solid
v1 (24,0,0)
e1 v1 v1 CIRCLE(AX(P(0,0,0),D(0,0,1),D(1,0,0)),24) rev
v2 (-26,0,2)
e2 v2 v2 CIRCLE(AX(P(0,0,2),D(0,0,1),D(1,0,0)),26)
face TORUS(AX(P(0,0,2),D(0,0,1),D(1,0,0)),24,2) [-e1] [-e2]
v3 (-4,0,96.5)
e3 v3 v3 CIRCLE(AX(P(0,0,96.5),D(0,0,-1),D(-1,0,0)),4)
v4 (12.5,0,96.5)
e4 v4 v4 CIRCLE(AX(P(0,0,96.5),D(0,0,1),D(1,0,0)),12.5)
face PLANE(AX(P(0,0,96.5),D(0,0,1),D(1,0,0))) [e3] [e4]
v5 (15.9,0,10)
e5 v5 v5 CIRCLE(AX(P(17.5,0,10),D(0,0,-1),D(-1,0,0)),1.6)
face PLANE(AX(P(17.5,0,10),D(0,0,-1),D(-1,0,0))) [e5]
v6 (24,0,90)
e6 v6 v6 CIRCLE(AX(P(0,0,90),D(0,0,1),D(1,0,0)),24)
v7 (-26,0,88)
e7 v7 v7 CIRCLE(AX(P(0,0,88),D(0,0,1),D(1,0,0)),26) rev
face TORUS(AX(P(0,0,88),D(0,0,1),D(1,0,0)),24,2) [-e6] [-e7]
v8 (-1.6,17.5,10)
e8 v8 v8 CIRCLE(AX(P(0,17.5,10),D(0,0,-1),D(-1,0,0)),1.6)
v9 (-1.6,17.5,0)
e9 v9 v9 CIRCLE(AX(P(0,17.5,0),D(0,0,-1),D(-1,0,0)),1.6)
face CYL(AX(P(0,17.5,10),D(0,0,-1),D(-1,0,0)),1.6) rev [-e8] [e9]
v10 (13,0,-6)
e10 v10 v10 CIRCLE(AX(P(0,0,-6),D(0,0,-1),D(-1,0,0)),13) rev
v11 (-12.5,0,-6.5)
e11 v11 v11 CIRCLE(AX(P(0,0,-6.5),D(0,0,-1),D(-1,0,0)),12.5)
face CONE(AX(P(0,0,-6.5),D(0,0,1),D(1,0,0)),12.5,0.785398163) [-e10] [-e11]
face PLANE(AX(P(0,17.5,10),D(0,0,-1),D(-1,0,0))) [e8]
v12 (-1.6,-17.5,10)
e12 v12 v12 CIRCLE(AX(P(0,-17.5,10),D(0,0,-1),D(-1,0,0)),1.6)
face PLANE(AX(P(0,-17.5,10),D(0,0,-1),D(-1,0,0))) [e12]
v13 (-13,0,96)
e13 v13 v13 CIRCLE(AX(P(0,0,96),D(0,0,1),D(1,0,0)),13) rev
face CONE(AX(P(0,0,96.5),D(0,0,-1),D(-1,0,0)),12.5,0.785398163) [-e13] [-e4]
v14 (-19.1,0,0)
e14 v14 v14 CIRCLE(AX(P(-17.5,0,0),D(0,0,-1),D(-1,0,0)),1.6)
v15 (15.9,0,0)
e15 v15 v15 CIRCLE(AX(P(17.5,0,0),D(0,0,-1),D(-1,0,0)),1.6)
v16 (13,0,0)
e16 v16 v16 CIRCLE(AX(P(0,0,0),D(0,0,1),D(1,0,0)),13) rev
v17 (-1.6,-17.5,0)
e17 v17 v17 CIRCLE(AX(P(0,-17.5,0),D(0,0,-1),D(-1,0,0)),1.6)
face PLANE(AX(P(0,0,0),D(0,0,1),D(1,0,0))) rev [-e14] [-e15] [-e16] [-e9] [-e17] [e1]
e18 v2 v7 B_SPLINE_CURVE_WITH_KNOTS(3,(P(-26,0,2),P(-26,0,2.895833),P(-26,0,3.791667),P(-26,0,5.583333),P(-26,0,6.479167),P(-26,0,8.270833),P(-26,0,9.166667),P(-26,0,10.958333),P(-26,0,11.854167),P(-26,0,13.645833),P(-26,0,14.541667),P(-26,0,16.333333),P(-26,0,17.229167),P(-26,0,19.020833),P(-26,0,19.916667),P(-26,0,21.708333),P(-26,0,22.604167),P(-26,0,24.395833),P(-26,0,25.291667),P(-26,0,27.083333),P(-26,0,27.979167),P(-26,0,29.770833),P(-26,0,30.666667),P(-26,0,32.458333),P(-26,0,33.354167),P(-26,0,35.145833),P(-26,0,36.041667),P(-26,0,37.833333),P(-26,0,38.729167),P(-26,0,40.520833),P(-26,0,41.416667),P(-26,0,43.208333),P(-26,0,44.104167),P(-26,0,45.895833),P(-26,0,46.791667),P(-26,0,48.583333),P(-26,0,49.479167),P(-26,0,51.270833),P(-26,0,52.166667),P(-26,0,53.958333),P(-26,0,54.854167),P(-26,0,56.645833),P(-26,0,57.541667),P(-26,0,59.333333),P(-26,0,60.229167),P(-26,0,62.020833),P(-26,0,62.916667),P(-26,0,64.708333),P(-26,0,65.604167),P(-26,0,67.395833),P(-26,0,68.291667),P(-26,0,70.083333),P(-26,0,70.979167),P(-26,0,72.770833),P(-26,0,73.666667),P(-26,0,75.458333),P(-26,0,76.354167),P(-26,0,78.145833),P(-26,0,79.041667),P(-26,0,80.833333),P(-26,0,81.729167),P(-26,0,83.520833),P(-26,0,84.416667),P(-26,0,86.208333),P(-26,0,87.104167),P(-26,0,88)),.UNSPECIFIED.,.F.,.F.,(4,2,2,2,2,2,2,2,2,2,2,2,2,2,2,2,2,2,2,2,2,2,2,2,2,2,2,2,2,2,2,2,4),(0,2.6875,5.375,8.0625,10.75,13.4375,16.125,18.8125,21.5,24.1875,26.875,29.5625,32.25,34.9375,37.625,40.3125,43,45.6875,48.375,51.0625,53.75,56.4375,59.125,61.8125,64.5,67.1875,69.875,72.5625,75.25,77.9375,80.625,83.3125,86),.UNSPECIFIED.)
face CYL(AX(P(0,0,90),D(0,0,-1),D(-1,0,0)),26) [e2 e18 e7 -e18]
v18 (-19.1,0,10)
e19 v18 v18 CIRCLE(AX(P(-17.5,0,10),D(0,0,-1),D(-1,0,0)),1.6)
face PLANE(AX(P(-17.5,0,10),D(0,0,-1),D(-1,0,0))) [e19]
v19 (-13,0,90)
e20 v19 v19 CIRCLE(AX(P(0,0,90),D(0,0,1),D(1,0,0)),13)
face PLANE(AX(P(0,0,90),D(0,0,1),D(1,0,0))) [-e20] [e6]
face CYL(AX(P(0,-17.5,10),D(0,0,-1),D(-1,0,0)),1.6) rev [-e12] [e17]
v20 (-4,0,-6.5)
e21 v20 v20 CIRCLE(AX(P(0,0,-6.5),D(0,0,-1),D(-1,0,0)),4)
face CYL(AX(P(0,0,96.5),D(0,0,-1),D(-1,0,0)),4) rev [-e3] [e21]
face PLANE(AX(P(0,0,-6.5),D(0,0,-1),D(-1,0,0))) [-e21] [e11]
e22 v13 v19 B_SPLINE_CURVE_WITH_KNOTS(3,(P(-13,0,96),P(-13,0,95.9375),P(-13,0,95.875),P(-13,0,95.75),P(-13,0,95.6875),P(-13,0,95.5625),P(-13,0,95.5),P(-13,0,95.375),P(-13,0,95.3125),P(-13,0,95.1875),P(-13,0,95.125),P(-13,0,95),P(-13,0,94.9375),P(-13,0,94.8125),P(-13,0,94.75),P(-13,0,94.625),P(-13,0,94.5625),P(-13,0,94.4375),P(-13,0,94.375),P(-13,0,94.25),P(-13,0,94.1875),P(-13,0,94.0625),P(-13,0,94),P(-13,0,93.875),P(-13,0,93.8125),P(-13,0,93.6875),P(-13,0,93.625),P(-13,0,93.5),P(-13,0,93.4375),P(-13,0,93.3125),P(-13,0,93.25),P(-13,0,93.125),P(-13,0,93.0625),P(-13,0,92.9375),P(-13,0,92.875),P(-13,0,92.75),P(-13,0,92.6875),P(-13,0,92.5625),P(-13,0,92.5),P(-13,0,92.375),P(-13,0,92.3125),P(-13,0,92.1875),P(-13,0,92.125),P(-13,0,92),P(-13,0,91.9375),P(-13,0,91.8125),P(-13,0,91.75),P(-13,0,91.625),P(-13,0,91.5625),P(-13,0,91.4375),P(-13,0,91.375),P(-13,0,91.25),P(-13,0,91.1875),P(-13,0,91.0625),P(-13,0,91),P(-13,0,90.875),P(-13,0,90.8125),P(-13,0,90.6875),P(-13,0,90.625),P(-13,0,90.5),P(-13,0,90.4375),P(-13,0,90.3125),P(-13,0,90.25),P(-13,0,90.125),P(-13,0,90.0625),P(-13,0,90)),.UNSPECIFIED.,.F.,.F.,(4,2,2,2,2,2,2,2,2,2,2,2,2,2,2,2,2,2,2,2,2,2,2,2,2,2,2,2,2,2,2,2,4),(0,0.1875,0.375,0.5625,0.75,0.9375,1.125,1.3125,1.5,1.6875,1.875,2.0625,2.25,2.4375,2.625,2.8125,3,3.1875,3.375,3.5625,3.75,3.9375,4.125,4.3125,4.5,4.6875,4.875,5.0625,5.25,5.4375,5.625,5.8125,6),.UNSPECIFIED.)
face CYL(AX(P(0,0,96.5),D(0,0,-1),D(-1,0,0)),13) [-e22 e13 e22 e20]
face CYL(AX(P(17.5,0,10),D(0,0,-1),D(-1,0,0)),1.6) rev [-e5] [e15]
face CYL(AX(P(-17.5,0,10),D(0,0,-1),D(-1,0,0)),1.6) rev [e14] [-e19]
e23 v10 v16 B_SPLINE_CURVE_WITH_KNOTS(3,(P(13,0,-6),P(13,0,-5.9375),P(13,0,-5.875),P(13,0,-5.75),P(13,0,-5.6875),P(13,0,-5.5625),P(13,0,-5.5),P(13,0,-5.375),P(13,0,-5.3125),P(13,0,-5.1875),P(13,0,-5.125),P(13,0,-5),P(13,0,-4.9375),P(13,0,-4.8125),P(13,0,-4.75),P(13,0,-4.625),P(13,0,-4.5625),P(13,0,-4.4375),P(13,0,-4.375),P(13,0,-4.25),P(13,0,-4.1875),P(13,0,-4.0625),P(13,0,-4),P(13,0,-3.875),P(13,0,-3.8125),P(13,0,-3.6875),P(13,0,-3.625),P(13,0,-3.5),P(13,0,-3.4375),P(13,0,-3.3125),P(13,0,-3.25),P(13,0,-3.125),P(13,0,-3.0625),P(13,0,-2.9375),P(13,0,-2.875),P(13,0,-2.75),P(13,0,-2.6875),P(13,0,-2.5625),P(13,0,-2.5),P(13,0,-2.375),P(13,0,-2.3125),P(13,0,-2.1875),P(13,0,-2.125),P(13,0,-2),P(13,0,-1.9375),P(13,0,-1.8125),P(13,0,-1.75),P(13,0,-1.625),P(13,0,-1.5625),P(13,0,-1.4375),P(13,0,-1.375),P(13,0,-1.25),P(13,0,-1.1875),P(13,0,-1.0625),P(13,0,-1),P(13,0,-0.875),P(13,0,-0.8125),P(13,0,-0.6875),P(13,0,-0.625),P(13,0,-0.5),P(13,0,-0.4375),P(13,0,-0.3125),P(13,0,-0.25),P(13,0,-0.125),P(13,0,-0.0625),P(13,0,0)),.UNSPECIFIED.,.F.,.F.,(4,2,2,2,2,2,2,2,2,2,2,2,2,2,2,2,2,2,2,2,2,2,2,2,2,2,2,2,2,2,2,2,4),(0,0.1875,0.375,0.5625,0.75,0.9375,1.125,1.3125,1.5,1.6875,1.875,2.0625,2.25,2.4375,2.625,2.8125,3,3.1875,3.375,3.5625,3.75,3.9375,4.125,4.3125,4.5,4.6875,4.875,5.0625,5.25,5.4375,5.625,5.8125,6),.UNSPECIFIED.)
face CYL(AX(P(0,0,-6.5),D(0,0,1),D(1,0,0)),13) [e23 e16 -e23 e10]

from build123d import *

# Parameters (mm, degrees)
SKICA1_R                 = 26
P_IDAT_VYSUNUT_M1_DEPTH  = 90
ZAOBLIT1_R               = 2
SKICA2_R                 = 13
P_IDAT_VYSUNUT_M2_DEPTH  = 6.5
SKICA4_R                 = 1.6
ODEBRAT_VYSUNUT_M1_DEPTH = 10
P_IDAT_START             = 6.5
SKICA5_R                 = 13
P_IDAT_VYSUNUT_M4_DEPTH  = 6.5
ZKOSEN_1_SIZE            = 0.5
SKICA8_R                 = 4
ODEBRAT_VYSUNUT_M3_DEPTH = 110.366356825


with BuildPart() as part:
    # Skica1 → Přidat vysunutím1 (new body)
    with BuildSketch(Plane.XY):
        with Locations(Location((0, 0, 0), (0, 0, 180))):
            Circle(SKICA1_R)
    extrude(amount=P_IDAT_VYSUNUT_M1_DEPTH)

    # Zaoblit1
    zaoblit1_edges = [part.edges().sort_by_distance(p)[0] for p in [
        (26, 0, 0),
        (26, 0, 90),
    ]]
    fillet(zaoblit1_edges, radius=ZAOBLIT1_R)

    # Skica2 → Přidat vysunutím2 (add)
    with BuildSketch(Plane(origin=(0, 0, 0), x_dir=(-1, 0, 0), z_dir=(0, 0, -1))):
        with Locations(Location((0, 0, 0), (0, 0, 180))):
            Circle(SKICA2_R)
    extrude(amount=P_IDAT_VYSUNUT_M2_DEPTH)

    # Skica4 → Odebrat vysunutím1 (cut)
    with BuildSketch(Plane(origin=(0, 0, 0), x_dir=(-1, 0, 0), z_dir=(0, 0, -1))):
        with Locations((-17.5, 0)):
            Circle(SKICA4_R)
        with Locations((0, 17.5)):
            Circle(SKICA4_R)
        with Locations((17.5, 0)):
            Circle(SKICA4_R)
        with Locations((0, -17.5)):
            Circle(SKICA4_R)
    extrude(amount=-ODEBRAT_VYSUNUT_M1_DEPTH, mode=Mode.SUBTRACT)

    # Skica5 → Přidat vysunutím4 (add)
    with BuildSketch(Plane.XY.offset(90).offset(P_IDAT_START)):
        Circle(SKICA5_R)
    extrude(amount=-P_IDAT_VYSUNUT_M4_DEPTH)

    # Zkosení1
    zkosen_1_edges = [part.edges().sort_by_distance(p)[0] for p in [
        (-13, 0, -6.5),
        (-13, 0, 96.5),
    ]]
    chamfer(zkosen_1_edges, length=ZKOSEN_1_SIZE)

    # Skica8 → Odebrat vysunutím3 (cut, through all)
    with BuildSketch(Plane(origin=(0, 0, -6.5), x_dir=(-1, 0, 0), z_dir=(0, 0, -1))):
        Circle(SKICA8_R)
    extrude(amount=-ODEBRAT_VYSUNUT_M3_DEPTH, mode=Mode.SUBTRACT)


solid = part.part
